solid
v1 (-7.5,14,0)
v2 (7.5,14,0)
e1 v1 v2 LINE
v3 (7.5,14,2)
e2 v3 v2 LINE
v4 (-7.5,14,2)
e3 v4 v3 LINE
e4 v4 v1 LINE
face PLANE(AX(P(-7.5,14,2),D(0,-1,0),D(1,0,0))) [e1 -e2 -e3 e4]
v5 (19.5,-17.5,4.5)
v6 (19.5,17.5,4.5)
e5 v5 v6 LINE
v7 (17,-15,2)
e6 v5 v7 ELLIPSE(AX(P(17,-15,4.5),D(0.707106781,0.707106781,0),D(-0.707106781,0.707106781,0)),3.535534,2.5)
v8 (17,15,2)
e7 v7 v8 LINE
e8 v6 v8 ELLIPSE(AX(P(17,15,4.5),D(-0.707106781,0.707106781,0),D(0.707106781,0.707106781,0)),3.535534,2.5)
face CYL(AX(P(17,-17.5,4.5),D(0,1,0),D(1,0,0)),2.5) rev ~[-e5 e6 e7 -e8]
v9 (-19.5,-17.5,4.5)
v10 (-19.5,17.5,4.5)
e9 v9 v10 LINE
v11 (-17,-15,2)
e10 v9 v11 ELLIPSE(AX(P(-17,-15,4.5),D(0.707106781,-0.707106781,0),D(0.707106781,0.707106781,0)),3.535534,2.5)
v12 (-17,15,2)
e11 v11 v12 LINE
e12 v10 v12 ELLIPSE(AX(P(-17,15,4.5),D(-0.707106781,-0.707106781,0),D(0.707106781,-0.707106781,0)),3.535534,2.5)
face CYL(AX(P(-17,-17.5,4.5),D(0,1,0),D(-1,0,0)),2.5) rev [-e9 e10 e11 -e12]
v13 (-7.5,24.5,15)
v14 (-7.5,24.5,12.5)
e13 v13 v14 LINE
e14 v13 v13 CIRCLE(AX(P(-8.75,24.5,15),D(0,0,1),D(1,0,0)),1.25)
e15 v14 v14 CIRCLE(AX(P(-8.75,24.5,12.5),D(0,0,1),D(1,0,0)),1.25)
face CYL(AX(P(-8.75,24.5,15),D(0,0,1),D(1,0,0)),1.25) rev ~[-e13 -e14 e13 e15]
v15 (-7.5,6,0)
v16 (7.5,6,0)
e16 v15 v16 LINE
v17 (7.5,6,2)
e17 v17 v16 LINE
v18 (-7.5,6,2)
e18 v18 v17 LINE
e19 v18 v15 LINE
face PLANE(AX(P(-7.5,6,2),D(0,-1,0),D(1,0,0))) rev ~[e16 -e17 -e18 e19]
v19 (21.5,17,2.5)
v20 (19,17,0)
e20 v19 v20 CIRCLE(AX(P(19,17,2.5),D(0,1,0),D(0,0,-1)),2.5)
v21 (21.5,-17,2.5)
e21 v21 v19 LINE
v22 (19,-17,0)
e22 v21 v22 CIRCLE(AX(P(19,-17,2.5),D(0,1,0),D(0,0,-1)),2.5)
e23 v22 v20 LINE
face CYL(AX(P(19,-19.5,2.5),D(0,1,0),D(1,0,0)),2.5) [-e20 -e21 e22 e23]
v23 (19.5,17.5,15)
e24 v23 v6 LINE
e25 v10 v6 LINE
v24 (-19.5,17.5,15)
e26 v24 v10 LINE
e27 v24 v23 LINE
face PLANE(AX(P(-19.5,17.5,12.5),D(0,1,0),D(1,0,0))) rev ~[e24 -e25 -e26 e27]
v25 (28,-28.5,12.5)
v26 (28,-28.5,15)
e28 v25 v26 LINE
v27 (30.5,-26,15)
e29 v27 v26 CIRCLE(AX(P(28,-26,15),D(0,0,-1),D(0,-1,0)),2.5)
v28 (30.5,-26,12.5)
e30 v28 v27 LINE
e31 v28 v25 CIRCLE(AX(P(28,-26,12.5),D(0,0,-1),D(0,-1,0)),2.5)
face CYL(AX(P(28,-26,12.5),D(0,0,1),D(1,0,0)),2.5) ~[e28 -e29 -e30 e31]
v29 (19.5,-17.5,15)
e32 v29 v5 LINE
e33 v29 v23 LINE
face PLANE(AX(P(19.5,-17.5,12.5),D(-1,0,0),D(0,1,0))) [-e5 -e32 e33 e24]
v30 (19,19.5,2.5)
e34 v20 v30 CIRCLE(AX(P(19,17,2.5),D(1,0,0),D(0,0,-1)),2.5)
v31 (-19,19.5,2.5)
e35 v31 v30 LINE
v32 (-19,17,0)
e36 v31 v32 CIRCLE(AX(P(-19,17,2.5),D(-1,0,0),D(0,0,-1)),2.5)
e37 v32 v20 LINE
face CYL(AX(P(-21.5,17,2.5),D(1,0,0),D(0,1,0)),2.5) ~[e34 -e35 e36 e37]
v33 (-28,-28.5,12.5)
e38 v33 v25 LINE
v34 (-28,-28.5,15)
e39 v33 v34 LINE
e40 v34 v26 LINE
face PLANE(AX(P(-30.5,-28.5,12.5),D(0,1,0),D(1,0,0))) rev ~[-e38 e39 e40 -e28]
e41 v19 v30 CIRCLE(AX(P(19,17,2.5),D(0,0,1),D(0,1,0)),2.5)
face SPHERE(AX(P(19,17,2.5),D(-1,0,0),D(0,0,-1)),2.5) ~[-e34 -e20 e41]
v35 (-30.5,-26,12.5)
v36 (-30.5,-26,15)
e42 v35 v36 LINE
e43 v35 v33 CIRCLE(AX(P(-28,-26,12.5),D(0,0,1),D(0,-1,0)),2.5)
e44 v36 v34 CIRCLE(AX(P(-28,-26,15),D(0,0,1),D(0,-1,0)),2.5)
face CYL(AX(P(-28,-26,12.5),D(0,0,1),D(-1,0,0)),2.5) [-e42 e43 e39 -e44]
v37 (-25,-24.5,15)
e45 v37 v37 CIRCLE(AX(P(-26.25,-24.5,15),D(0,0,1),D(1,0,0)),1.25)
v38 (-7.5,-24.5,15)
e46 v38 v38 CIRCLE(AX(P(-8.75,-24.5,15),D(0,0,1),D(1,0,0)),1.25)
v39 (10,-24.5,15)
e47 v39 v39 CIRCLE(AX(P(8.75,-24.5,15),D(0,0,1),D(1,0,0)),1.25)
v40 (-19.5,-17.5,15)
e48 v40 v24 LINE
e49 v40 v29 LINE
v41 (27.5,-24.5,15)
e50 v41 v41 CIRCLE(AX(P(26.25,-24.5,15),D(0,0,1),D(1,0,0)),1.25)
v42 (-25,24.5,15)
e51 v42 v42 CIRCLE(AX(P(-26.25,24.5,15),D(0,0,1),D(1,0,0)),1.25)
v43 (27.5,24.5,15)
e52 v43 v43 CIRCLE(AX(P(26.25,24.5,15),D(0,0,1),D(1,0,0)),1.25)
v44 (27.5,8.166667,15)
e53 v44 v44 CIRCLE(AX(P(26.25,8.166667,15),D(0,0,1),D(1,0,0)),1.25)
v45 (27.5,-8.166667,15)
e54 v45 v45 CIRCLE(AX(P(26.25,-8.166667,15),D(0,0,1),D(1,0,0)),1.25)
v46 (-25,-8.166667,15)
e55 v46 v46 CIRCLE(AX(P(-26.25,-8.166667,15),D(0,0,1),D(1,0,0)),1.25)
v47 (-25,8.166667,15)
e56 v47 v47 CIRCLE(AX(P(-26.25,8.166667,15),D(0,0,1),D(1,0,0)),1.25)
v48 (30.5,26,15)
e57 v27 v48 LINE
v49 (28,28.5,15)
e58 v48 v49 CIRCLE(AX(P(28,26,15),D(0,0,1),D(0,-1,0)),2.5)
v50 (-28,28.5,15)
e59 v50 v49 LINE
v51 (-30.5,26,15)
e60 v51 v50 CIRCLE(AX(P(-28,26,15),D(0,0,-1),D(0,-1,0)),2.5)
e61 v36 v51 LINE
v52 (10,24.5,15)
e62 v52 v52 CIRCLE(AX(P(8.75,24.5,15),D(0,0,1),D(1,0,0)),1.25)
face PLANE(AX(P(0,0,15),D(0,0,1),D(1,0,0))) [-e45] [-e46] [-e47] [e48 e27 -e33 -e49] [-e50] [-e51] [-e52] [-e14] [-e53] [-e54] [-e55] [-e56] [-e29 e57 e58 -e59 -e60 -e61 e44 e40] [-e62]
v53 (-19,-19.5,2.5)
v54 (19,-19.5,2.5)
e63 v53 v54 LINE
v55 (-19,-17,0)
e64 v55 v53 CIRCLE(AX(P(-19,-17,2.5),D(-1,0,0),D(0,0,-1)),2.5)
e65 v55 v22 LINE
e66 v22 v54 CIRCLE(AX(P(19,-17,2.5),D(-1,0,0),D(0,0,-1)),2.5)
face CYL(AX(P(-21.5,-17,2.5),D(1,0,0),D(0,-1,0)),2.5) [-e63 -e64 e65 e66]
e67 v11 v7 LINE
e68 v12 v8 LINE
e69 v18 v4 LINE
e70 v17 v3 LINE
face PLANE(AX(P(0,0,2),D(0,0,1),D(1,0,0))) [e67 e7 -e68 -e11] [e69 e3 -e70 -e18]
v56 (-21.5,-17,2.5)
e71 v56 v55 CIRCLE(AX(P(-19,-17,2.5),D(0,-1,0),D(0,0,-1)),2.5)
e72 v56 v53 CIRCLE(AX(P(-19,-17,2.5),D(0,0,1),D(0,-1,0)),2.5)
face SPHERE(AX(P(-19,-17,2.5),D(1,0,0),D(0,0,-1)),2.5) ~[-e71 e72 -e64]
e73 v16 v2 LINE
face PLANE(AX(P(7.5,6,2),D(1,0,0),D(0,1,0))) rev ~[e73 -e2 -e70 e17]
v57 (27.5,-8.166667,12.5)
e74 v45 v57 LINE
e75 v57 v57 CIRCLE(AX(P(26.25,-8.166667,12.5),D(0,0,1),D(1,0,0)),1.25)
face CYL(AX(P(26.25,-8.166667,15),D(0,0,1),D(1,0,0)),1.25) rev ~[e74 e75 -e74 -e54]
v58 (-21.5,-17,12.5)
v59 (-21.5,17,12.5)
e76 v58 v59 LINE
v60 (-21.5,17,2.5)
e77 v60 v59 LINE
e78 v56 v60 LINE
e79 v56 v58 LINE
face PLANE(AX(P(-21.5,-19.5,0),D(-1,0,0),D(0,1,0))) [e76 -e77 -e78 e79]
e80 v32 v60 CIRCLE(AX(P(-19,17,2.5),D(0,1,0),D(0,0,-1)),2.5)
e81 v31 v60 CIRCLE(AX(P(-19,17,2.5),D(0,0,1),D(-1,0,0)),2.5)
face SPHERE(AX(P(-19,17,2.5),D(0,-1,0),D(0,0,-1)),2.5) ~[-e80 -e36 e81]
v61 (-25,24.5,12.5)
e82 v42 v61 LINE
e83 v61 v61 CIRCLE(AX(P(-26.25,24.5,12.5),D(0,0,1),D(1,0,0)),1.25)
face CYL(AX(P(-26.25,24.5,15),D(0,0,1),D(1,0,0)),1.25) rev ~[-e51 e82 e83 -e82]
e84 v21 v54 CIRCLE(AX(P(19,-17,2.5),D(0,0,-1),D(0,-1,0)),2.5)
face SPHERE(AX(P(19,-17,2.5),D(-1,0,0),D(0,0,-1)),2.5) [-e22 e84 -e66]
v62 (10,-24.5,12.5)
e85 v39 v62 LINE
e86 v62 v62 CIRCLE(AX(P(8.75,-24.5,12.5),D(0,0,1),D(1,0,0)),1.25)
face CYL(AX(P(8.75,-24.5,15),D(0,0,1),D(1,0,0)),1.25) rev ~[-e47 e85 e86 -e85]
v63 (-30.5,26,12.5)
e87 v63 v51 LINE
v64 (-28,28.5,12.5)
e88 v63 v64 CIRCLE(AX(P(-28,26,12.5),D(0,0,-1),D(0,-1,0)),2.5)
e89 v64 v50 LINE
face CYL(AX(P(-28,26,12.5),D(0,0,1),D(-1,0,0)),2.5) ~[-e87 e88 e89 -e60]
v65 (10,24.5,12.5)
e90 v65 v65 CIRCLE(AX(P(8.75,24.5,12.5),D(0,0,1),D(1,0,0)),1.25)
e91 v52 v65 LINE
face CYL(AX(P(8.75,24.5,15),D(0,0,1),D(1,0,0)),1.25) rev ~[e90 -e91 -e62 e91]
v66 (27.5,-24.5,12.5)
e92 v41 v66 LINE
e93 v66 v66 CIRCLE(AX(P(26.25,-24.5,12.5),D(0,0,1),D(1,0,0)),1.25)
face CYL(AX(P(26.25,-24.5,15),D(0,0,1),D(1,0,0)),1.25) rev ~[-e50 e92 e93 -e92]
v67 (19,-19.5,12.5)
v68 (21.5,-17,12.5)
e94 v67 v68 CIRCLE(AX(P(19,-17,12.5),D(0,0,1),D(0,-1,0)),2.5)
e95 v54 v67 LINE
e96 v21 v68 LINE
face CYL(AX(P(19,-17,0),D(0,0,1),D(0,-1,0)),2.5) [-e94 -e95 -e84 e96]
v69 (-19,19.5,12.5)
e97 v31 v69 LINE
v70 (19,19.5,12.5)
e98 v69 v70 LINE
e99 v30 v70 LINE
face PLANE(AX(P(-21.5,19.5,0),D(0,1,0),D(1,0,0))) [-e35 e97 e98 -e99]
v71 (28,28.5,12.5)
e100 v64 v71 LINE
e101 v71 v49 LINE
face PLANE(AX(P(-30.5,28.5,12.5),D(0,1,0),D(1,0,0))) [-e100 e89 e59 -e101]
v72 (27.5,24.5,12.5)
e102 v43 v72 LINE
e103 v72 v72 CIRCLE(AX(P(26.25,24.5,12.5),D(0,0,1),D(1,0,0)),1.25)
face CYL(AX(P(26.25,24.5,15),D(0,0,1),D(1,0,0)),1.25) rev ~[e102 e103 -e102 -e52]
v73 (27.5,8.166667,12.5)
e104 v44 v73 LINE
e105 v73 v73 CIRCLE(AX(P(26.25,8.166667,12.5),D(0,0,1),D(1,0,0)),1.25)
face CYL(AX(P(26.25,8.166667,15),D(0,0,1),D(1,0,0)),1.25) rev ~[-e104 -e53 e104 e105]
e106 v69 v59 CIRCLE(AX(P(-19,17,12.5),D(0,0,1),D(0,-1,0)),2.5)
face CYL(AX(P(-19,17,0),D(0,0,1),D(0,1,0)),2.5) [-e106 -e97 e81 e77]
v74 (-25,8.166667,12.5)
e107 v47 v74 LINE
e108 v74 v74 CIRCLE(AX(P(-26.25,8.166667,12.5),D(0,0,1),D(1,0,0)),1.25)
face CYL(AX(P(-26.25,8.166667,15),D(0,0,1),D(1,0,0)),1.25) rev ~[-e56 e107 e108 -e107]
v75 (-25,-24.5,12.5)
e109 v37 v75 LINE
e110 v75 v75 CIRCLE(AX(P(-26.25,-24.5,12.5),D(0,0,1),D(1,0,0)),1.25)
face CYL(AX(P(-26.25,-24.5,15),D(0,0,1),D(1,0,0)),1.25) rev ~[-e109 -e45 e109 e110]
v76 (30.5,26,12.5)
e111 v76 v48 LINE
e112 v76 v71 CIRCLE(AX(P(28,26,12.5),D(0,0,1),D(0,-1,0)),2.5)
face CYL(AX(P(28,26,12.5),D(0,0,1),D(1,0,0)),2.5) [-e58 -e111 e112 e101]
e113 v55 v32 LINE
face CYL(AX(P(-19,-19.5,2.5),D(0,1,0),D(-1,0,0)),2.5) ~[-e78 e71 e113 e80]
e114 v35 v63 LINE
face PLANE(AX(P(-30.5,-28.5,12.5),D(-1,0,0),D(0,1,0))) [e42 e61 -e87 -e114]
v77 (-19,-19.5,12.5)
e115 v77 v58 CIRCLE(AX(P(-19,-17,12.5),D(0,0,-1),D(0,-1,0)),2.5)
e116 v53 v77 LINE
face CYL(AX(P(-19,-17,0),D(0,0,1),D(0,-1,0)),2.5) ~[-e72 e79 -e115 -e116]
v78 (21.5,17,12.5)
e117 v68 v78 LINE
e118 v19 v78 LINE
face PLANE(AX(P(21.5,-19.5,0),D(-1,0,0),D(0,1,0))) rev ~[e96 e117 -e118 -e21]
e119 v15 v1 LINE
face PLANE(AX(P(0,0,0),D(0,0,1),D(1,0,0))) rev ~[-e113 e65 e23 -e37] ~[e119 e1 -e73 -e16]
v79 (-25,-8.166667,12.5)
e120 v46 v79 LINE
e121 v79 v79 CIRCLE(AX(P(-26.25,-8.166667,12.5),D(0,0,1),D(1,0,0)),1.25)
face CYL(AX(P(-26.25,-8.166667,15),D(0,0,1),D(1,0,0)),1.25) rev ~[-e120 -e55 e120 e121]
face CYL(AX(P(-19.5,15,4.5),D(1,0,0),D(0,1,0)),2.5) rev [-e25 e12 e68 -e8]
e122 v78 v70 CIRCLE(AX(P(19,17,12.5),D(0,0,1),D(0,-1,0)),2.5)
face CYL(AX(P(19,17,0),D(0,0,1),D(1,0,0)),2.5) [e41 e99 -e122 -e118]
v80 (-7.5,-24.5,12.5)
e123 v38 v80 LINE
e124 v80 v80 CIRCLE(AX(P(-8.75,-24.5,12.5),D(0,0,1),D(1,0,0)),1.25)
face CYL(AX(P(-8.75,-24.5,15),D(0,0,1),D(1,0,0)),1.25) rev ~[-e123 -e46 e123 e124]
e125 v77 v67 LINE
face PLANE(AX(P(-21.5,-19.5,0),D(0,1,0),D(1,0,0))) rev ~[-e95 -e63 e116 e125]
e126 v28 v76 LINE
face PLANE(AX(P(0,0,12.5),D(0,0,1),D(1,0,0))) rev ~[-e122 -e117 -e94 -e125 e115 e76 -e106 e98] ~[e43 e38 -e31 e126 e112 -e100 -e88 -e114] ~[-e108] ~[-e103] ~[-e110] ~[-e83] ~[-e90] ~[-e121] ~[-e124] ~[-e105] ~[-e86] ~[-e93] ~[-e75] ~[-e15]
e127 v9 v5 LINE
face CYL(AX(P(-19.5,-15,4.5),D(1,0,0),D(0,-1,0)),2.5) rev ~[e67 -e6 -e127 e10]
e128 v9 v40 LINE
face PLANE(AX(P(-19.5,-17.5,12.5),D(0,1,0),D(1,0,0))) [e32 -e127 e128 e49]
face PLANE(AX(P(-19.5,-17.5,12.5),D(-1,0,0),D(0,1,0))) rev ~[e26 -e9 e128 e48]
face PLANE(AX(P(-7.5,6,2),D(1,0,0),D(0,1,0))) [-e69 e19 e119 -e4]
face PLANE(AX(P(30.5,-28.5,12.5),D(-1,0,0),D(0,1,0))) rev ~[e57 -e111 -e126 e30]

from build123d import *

# Parameters (mm, degrees)
SKETCH1_W           = 43
SKETCH1_H           = 39
BOSS_EXTRUDE1_DEPTH = 12.5
SHELL1_T            = -2
SKETCH2_W           = 61
SKETCH2_H           = 57
SKETCH2_W_2         = 39
SKETCH2_H_2         = 35
BOSS_EXTRUDE2_DEPTH = 2.5
FILLET1_R           = 2.5
FILLET2_R           = 2.5
SKETCH3_W           = 15
SKETCH3_H           = 8
CUT_EXTRUDE1_DEPTH  = 44.720704477
SKETCH4_R           = 1.25
CUT_EXTRUDE2_DEPTH  = 2.5


with BuildPart() as part:
    # Sketch1 → Boss-Extrude1 (new body)
    with BuildSketch(Plane.XY):
        Rectangle(SKETCH1_W, SKETCH1_H)
    extrude(amount=BOSS_EXTRUDE1_DEPTH)

    # Shell1
    shell1_openings = [part.faces().sort_by_distance(p)[0] for p in [
        (0, 0, 12.5),
    ]]
    offset(amount=SHELL1_T, openings=shell1_openings, kind=Kind.INTERSECTION)

    # Sketch2 → Boss-Extrude2 (add)
    with BuildSketch(Plane.XY.offset(12.5)):
        Rectangle(SKETCH2_W, SKETCH2_H)
        Rectangle(SKETCH2_W_2, SKETCH2_H_2, mode=Mode.SUBTRACT)
    extrude(amount=BOSS_EXTRUDE2_DEPTH)

    # Fillet1
    fillet1_edges = [part.edges().sort_by_distance(p)[0] for p in [
        (30.5, -28.5, 13.75),
        (30.5, 28.5, 13.75),
        (-30.5, 28.5, 13.75),
        (-30.5, -28.5, 13.75),
    ]]
    fillet(fillet1_edges, radius=FILLET1_R)

    # Fillet2
    fillet2_edges = [part.edges().sort_by_distance(p)[0] for p in [
        (19.5, 0, 2),
        (0, 17.5, 2),
        (-19.5, 0, 2),
        (0, -17.5, 2),
        (0, -19.5, 0),
        (-21.5, 0, 0),
        (0, 19.5, 0),
        (21.5, 0, 0),
        (21.5, -19.5, 6.25),
        (-21.5, -19.5, 6.25),
        (-21.5, 19.5, 6.25),
        (21.5, 19.5, 6.25),
    ]]
    fillet(fillet2_edges, radius=FILLET2_R)

    # Sketch3 → Cut-Extrude1 (cut, through all)
    with BuildSketch(Plane.XY.offset(2)):
        with Locations((0, 10)):
            Rectangle(SKETCH3_W, SKETCH3_H)
    extrude(amount=-CUT_EXTRUDE1_DEPTH, mode=Mode.SUBTRACT)

    # Sketch4 → Cut-Extrude2 (cut)
    with BuildSketch(Plane.XY.offset(15)):
        with Locations((-26.25, 24.5)):
            Circle(SKETCH4_R)
        with Locations((-8.75, 24.5)):
            Circle(SKETCH4_R)
        with Locations((8.75, 24.5)):
            Circle(SKETCH4_R)
        with Locations((26.25, 24.5)):
            Circle(SKETCH4_R)
        with Locations((26.25, 8.166666667)):
            Circle(SKETCH4_R)
        with Locations((26.25, -8.166666667)):
            Circle(SKETCH4_R)
        with Locations((-8.75, -24.5)):
            Circle(SKETCH4_R)
        with Locations((8.75, -24.5)):
            Circle(SKETCH4_R)
        with Locations((26.25, -24.5)):
            Circle(SKETCH4_R)
        with Locations((-26.25, 8.166666667)):
            Circle(SKETCH4_R)
        with Locations((-26.25, -8.166666667)):
            Circle(SKETCH4_R)
        with Locations((-26.25, -24.5)):
            Circle(SKETCH4_R)
    extrude(amount=-CUT_EXTRUDE2_DEPTH, mode=Mode.SUBTRACT)


solid = part.part
